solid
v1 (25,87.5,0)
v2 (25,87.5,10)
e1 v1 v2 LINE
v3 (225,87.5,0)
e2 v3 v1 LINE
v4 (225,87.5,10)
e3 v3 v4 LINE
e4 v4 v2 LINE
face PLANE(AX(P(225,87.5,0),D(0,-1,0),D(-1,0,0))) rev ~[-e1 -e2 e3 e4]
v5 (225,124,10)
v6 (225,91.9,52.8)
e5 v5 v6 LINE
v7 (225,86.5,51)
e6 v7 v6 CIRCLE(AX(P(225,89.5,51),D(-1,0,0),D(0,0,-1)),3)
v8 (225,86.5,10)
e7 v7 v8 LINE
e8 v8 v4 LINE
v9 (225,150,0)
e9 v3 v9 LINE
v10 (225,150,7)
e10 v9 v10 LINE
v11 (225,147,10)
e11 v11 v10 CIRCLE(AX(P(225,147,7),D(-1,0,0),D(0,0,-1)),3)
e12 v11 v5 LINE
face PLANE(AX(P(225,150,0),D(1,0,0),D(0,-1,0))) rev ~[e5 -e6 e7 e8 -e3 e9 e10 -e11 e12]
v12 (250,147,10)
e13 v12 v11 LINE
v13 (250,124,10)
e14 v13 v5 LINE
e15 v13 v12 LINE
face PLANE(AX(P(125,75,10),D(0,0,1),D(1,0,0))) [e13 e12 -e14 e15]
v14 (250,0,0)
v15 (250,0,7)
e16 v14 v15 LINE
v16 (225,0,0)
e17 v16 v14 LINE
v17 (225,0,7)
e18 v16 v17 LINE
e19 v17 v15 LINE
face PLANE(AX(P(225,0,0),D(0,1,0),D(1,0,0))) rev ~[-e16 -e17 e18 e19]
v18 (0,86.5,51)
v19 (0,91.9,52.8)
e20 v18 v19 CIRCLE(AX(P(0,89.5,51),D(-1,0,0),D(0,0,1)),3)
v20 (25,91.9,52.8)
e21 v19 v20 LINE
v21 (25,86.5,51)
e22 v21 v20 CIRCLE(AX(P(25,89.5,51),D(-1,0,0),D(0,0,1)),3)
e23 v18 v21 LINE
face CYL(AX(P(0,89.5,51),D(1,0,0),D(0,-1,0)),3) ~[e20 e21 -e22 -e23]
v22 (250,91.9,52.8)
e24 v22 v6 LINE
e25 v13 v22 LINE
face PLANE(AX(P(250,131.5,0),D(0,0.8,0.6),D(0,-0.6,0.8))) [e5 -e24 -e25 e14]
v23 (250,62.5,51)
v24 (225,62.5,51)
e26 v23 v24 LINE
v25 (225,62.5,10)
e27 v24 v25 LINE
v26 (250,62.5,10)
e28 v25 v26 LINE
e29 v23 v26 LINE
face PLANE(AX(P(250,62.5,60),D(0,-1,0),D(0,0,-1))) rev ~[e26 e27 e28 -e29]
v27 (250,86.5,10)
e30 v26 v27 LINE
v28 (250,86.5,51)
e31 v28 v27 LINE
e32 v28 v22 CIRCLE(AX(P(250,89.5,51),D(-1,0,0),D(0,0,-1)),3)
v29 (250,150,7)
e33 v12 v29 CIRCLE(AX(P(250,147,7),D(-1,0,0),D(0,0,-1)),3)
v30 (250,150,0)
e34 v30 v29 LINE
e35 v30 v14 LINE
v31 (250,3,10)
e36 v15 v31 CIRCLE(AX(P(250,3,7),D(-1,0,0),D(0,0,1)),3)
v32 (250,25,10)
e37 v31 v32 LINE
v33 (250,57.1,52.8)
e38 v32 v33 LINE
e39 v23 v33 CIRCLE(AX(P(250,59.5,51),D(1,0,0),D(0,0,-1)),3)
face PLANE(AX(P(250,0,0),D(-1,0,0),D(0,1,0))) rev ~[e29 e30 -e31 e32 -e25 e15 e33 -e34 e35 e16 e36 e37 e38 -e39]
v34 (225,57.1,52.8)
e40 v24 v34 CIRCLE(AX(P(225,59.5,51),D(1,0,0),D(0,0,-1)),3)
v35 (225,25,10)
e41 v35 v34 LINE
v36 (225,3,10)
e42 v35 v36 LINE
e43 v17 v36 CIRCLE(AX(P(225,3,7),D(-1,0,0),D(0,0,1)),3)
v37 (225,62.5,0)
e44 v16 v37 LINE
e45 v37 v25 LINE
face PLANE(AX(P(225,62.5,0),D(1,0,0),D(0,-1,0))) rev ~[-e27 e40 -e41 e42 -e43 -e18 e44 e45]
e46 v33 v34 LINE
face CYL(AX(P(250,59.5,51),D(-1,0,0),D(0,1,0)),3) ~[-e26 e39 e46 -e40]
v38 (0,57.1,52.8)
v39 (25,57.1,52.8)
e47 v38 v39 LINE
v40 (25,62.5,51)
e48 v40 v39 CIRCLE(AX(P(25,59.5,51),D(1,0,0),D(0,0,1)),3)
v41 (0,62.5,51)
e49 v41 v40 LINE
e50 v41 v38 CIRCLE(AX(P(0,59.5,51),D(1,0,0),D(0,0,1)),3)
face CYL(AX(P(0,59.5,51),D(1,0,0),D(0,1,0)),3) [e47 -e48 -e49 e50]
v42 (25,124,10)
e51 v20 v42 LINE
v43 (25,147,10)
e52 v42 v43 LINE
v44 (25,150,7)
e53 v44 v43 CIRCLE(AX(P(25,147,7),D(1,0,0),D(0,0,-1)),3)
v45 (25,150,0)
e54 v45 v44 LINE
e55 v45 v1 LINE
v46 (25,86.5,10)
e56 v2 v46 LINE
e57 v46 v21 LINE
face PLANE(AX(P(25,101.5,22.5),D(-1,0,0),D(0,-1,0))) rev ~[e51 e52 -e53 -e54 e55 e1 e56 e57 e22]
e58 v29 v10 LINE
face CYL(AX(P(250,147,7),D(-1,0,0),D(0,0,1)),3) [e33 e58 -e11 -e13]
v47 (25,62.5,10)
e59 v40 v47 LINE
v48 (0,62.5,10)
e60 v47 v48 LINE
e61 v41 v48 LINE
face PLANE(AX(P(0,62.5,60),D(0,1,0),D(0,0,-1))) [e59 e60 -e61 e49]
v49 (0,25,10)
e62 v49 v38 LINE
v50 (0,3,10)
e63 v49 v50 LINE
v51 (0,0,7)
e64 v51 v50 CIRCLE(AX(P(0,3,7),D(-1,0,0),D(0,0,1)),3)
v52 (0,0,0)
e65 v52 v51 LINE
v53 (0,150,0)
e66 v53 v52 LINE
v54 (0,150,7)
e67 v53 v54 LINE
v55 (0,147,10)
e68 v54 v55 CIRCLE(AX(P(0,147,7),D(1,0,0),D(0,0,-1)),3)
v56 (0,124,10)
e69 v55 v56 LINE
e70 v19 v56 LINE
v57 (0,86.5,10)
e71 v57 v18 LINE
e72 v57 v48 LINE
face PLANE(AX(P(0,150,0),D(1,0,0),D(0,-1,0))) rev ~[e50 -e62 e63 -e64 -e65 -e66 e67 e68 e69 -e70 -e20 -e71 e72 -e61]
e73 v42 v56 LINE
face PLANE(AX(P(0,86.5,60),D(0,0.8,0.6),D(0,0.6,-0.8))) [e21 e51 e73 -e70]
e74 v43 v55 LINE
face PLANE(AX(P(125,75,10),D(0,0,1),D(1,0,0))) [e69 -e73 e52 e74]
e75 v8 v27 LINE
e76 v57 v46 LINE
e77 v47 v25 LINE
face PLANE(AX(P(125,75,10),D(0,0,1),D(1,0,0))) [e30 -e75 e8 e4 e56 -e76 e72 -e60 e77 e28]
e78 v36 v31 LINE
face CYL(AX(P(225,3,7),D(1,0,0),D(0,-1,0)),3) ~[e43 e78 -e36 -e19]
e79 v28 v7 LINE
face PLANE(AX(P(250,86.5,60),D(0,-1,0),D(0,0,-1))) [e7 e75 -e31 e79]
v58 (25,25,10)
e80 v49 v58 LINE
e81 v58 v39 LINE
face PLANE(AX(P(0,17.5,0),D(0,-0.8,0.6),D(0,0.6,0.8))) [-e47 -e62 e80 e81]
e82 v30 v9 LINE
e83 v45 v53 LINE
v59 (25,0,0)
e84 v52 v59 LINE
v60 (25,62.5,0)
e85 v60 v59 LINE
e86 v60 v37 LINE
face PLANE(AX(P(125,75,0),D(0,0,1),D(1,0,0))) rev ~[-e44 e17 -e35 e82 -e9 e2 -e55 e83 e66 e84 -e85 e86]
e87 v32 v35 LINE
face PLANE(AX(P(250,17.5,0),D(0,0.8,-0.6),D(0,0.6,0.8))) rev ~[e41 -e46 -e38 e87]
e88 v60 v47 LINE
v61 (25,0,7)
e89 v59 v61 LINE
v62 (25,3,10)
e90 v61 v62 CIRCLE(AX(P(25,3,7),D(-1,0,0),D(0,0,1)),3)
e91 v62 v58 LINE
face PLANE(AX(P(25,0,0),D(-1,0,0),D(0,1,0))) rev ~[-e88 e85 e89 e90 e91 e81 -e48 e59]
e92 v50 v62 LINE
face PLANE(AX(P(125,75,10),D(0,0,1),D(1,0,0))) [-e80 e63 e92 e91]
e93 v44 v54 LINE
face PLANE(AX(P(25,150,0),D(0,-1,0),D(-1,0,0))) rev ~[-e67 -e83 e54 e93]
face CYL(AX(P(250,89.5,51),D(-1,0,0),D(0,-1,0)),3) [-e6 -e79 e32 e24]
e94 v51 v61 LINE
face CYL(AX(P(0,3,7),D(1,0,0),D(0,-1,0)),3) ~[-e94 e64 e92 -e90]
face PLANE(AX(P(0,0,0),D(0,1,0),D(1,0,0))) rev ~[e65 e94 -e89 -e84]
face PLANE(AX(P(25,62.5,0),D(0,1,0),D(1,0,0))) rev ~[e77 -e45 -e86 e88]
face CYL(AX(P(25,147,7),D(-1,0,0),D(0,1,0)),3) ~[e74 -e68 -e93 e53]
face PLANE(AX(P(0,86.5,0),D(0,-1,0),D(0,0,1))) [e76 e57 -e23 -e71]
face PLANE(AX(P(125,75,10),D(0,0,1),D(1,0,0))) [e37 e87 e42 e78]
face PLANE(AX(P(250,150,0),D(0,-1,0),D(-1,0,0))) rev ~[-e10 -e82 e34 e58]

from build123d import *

# Parameters (mm, degrees)
PAD_DEPTH    = 10
PAD001_DEPTH = 25
PAD002_DEPTH = 25
FILLET_R     = 3
FILLET001_R  = 3
FILLET002_R  = 3
FILLET003_R  = 3
FILLET004_R  = 3
FILLET005_R  = 3
FILLET006_R  = 3
FILLET007_R  = 3


with BuildPart() as part:
    # Sketch → Pad (new body)
    with BuildSketch(Plane.XY):
        Polygon((0, 0), (25, 0), (25, 62.5), (225, 62.5), (225, 0), (250, 0), (250, 150), (225, 150), (225, 87.5), (25, 87.5), (25, 150), (0, 150), align=None)
    extrude(amount=PAD_DEPTH)

    # Sketch001 → Pad001 (join)
    with BuildSketch(Plane.YZ):
        Polygon((17.5, 0), (62.5, 60), (62.5, 0), align=None)
        Polygon((86.5, 0), (86.5, 60), (131.5, 0), align=None)
    extrude(amount=PAD001_DEPTH)

    # Sketch002 (on Face23 of Pad001) → Pad002 (join)
    with BuildSketch(Plane.YZ.offset(250)):
        Polygon((17.5, 0), (62.5, 60), (62.5, 0), align=None)
        Polygon((86.5, 60), (86.5, 0), (131.5, 0), align=None)
    extrude(amount=-PAD002_DEPTH)

    # Fillet
    fillet_edges = [part.edges().sort_by_distance(p)[0] for p in [
        (237.5, 150, 10),
    ]]
    fillet(fillet_edges, radius=FILLET_R)

    # Fillet001
    fillet001_edges = [part.edges().sort_by_distance(p)[0] for p in [
        (12.5, 150, 10),
    ]]
    fillet(fillet001_edges, radius=FILLET001_R)

    # Fillet002
    fillet002_edges = [part.edges().sort_by_distance(p)[0] for p in [
        (237.5, 0, 10),
    ]]
    fillet(fillet002_edges, radius=FILLET002_R)

    # Fillet003
    fillet003_edges = [part.edges().sort_by_distance(p)[0] for p in [
        (12.5, 0, 10),
    ]]
    fillet(fillet003_edges, radius=FILLET003_R)

    # Fillet004
    fillet004_edges = [part.edges().sort_by_distance(p)[0] for p in [
        (237.5, 86.5, 60),
    ]]
    fillet(fillet004_edges, radius=FILLET004_R)

    # Fillet005
    fillet005_edges = [part.edges().sort_by_distance(p)[0] for p in [
        (237.5, 62.5, 60),
    ]]
    fillet(fillet005_edges, radius=FILLET005_R)

    # Fillet006
    fillet006_edges = [part.edges().sort_by_distance(p)[0] for p in [
        (12.5, 86.5, 60),
    ]]
    fillet(fillet006_edges, radius=FILLET006_R)

    # Fillet007
    fillet007_edges = [part.edges().sort_by_distance(p)[0] for p in [
        (12.5, 62.5, 60),
    ]]
    fillet(fillet007_edges, radius=FILLET007_R)


solid = part.part
